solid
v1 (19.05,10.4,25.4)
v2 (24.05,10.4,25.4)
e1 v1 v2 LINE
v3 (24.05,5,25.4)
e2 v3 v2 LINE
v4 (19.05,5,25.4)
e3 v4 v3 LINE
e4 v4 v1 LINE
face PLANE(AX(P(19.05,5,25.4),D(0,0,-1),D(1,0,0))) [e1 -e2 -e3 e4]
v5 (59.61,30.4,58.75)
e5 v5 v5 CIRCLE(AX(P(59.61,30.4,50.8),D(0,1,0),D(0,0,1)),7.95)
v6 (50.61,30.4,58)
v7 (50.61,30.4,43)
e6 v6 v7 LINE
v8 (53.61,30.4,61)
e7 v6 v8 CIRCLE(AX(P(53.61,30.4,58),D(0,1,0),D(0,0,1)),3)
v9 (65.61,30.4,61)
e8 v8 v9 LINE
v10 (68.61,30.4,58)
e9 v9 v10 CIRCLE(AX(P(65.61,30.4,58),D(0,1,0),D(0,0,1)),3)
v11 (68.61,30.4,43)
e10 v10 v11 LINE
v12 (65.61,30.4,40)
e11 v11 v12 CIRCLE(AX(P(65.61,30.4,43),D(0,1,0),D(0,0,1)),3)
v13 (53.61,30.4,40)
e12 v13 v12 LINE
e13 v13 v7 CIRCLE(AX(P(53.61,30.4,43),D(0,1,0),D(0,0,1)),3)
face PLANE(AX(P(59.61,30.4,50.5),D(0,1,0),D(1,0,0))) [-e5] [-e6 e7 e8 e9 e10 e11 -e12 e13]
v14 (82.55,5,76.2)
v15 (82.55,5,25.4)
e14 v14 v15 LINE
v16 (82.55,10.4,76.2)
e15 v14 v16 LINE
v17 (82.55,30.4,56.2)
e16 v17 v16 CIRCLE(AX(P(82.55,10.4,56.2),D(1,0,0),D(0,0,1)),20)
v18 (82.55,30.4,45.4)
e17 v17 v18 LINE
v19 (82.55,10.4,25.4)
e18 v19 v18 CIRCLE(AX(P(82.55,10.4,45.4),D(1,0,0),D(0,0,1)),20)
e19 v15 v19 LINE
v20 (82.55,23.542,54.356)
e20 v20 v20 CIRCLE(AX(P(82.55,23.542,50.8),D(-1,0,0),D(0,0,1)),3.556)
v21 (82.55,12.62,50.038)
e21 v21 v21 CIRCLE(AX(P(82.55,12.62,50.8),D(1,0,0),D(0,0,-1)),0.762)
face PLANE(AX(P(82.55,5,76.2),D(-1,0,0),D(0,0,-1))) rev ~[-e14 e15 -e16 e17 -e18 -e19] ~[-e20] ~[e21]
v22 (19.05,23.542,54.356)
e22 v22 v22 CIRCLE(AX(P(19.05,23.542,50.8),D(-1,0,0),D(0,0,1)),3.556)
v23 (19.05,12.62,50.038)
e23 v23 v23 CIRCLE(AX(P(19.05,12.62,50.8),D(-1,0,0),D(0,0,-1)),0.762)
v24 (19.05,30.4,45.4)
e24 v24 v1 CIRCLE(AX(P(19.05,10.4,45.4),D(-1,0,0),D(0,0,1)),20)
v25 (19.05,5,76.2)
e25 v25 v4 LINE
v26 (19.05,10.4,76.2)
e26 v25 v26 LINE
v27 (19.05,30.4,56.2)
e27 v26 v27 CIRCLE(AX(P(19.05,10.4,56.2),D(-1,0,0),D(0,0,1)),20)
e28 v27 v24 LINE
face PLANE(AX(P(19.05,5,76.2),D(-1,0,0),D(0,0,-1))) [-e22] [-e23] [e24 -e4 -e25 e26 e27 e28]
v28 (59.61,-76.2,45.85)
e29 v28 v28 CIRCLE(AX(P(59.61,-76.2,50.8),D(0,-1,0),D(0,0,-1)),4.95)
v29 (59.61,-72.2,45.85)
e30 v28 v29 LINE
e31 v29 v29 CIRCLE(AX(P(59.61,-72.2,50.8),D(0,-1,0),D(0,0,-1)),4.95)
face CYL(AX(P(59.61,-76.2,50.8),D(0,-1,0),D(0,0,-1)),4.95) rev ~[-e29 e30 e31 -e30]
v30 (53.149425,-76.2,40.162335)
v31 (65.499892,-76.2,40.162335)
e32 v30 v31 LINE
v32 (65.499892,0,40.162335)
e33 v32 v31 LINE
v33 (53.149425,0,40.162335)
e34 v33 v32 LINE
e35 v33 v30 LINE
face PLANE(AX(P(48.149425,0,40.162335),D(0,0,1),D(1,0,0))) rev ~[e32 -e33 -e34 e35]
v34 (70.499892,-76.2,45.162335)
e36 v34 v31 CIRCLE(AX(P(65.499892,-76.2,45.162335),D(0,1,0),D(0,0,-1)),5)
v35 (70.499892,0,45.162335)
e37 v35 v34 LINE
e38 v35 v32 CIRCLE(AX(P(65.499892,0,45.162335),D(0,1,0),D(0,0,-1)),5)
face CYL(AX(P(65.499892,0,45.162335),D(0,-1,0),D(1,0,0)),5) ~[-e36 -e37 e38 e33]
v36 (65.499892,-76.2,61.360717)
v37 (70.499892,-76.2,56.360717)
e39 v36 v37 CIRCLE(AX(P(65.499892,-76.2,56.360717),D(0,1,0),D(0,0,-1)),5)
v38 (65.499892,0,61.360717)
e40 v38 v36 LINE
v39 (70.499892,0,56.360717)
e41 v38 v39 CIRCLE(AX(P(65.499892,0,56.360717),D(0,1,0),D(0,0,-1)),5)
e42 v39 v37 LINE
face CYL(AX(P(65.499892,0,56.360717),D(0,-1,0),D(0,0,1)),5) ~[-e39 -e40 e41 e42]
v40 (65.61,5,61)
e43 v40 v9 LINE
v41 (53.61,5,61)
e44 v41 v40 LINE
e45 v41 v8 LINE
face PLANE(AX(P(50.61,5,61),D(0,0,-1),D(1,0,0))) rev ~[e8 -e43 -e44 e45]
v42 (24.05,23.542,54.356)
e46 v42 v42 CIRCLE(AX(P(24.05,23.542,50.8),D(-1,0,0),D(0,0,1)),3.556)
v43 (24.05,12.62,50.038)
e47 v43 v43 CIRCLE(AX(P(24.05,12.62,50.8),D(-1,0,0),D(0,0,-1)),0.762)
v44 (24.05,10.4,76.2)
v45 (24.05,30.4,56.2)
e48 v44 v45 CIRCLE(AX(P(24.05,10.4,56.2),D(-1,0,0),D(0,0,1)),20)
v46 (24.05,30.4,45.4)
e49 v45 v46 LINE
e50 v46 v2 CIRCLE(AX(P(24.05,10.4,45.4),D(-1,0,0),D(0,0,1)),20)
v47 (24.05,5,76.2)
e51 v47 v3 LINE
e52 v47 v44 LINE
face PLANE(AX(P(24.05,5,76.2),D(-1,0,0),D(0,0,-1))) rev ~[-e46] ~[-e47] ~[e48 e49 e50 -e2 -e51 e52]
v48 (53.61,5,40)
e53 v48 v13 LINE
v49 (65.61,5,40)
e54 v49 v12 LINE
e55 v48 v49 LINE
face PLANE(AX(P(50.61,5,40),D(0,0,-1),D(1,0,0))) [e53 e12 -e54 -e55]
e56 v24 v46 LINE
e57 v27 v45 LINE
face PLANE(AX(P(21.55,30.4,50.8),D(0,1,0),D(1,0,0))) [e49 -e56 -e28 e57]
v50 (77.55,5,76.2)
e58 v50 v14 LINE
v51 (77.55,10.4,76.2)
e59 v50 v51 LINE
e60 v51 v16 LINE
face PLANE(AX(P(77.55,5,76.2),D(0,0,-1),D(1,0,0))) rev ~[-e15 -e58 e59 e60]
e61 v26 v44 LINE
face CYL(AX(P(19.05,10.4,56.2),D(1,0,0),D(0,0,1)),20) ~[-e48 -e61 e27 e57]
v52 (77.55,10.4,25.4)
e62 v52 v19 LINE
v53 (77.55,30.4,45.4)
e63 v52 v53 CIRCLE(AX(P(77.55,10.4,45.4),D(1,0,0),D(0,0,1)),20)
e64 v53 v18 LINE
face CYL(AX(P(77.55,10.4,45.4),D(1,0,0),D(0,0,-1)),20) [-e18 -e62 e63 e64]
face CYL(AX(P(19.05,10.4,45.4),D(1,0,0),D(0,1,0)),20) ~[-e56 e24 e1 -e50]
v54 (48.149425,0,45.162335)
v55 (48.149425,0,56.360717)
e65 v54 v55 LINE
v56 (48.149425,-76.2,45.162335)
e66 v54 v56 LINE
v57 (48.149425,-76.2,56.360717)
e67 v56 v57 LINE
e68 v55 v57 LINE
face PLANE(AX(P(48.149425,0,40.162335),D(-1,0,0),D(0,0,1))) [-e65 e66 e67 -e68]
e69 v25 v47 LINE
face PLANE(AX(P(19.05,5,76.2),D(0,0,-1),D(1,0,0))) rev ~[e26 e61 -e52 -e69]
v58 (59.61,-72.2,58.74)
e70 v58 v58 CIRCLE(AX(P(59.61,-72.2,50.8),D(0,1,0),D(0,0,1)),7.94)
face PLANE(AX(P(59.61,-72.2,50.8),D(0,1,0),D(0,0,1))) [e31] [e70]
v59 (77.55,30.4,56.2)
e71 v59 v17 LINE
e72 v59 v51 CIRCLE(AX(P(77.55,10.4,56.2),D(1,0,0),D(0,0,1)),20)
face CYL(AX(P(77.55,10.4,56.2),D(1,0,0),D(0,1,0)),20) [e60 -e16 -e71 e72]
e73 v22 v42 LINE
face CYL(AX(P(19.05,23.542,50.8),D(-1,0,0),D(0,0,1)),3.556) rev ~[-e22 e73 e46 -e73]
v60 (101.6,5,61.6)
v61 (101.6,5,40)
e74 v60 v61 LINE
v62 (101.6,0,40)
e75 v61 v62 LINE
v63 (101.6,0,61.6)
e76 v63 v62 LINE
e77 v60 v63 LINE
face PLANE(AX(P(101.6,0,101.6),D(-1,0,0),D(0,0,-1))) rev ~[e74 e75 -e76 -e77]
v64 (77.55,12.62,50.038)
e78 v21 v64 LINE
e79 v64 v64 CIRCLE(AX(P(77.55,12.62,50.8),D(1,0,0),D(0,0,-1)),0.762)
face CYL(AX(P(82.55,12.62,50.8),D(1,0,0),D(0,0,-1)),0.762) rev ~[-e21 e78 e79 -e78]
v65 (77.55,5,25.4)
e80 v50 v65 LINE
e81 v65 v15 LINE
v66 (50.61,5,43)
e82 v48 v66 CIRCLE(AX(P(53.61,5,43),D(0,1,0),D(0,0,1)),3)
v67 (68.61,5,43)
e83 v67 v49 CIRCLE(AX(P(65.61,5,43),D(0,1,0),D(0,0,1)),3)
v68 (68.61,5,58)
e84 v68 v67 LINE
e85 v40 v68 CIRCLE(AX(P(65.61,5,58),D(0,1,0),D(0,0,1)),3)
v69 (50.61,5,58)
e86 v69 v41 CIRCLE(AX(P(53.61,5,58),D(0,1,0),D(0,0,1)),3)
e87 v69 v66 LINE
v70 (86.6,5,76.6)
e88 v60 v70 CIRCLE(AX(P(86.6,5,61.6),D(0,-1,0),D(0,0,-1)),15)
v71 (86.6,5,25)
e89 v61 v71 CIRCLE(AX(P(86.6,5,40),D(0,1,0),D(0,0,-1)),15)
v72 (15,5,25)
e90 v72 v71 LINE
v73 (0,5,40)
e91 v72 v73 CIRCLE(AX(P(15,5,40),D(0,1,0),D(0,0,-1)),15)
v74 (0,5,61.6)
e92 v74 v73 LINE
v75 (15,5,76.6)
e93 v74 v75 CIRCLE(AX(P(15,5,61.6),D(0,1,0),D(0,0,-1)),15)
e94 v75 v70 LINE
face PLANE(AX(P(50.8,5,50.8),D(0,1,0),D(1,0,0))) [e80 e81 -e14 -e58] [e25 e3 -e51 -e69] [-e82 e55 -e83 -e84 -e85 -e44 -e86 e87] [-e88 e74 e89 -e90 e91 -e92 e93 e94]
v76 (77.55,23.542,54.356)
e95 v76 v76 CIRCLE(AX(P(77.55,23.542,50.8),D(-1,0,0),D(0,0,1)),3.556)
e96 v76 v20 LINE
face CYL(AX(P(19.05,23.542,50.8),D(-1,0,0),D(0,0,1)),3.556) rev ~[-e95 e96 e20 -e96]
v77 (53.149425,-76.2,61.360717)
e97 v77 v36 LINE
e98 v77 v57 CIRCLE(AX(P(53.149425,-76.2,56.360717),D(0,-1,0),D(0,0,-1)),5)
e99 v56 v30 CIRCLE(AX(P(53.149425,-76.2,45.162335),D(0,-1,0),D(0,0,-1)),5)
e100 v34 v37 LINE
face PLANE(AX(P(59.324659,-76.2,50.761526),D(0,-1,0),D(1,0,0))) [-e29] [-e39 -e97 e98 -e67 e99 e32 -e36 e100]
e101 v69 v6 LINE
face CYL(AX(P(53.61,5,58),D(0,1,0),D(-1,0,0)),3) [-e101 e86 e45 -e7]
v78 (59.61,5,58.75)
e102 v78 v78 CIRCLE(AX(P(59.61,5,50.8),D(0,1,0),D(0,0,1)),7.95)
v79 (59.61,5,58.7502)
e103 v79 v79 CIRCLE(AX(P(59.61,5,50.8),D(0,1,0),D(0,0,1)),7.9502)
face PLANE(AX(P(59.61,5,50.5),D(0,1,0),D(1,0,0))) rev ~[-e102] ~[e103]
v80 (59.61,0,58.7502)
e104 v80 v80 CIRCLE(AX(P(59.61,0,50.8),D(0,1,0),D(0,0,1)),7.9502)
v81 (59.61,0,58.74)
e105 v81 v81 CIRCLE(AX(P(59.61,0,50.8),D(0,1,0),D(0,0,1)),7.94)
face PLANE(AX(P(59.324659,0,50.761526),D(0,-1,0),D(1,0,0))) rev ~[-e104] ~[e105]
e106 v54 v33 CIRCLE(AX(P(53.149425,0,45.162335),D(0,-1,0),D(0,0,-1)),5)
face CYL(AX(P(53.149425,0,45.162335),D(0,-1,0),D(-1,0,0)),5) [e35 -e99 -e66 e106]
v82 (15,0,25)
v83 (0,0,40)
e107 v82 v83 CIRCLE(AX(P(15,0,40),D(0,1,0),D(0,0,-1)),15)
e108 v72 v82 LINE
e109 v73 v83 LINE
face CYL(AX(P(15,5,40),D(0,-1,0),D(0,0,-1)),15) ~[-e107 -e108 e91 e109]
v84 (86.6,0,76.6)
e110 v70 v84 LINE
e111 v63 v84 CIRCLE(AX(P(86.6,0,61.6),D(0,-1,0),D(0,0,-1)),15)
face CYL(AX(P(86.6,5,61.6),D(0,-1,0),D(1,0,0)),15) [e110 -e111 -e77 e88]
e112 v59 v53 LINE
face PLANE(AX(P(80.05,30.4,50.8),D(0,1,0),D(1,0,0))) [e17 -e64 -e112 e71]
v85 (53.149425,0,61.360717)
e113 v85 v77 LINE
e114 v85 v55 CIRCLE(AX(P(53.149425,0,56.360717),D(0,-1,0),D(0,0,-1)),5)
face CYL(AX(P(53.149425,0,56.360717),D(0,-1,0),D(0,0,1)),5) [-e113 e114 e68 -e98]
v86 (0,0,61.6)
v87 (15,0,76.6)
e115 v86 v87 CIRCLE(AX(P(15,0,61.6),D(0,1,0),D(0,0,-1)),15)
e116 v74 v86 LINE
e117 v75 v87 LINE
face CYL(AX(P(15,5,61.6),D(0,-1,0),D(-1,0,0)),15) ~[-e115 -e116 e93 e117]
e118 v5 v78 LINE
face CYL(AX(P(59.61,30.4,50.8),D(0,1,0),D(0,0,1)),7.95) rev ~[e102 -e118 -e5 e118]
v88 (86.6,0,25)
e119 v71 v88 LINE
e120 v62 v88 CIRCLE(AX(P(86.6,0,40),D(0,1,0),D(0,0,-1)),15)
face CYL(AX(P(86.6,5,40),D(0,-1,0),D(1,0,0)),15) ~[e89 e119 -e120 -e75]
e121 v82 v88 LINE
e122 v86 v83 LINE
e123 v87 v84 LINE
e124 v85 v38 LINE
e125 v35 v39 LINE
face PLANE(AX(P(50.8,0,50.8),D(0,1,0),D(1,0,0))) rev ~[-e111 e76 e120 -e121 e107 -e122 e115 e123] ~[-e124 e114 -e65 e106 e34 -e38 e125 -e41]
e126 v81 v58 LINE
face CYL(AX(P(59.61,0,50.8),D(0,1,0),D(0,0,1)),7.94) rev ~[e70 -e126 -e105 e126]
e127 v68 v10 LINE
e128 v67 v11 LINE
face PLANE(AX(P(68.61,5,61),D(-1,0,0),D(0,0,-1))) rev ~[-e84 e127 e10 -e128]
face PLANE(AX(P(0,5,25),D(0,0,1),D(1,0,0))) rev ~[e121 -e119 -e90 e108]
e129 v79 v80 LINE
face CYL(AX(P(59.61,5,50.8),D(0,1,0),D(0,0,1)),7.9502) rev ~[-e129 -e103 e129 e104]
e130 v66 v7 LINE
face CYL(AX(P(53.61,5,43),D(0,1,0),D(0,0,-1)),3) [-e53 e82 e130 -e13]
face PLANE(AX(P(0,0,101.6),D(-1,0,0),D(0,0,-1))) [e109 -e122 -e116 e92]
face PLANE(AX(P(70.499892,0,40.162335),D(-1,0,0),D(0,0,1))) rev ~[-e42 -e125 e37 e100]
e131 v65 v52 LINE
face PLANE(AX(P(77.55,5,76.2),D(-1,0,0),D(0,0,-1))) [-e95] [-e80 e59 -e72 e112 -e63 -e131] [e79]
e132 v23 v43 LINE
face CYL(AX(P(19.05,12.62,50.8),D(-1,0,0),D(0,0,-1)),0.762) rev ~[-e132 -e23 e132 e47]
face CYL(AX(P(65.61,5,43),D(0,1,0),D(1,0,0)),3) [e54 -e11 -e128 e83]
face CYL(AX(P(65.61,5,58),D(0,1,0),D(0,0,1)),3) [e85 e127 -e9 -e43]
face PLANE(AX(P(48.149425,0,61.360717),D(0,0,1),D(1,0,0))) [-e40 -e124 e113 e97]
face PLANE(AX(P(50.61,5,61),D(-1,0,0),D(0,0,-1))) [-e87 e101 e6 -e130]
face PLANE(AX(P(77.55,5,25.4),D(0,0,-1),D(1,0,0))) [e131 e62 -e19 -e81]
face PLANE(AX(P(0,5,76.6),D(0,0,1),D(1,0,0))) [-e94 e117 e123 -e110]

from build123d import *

# Parameters (mm, degrees)
SKETCH2_W           = 101.6
SKETCH2_H           = 101.6
BOSS_EXTRUDE2_DEPTH = 5
SKETCH3_W           = 5
SKETCH3_H           = 50.8
BOSS_EXTRUDE3_DEPTH = 25.4
SKETCH4_W           = 5
SKETCH4_H           = 50.8
BOSS_EXTRUDE4_DEPTH = 25.4
SKETCH8_R           = 3.556
CUT_EXTRUDE1_DEPTH  = 135.392047756
CUT_EXTRUDE2_REACH  = 136.392
SKETCH9_R           = 0.762
SKETCH11_R          = 7.9502
CUT_EXTRUDE3_DEPTH  = 146.911891222
CUT_EXTRUDE5_REACH  = 136.392
SKETCH18_R          = 0.762
SKETCH19_W          = 22.350467385
SKETCH19_H          = 21.198381437
BOSS_EXTRUDE5_DEPTH = 76.2
SKETCH22_R          = 7.94
CUT_EXTRUDE7_DEPTH  = 72.2
SKETCH23_R          = 4.95
CUT_EXTRUDE8_DEPTH  = 179.909697893
SKETCH24_W          = 101.6
SKETCH24_H          = 25
CUT_EXTRUDE9_DEPTH  = 166.041085794
SKETCH25_W          = 101.6
SKETCH25_H          = 25
CUT_EXTRUDE10_DEPTH = 166.041085794
FILLET1_R           = 20
FILLET2_R           = 20
FILLET3_R           = 20
FILLET4_R           = 20
FILLET5_R           = 15
FILLET6_R           = 15
FILLET7_R           = 15
FILLET8_R           = 15
FILLET9_R           = 5
FILLET10_R          = 5
FILLET11_R          = 5
FILLET12_R          = 5
SKETCH35_W          = 18
SKETCH35_H          = 21
BOSS_EXTRUDE7_DEPTH = 25.4
CUT_EXTRUDE12_REACH = 167.993
SKETCH36_R          = 7.95
FILLET18_R          = 3
FILLET19_R          = 3
FILLET20_R          = 3
FILLET21_R          = 3


with BuildPart() as part:
    # Sketch2 → Boss-Extrude2 (new body)
    with BuildSketch(Plane(origin=(0, 0, 0), x_dir=(1, 0, 0), z_dir=(0, 1, 0))):
        with Locations((50.8, -50.8)):
            Rectangle(SKETCH2_W, SKETCH2_H)
    extrude(amount=BOSS_EXTRUDE2_DEPTH)

    # Sketch3 → Boss-Extrude3 (add)
    with BuildSketch(Plane(origin=(0, 5, 0), x_dir=(1, 0, 0), z_dir=(0, 1, 0))):
        with Locations((21.55, -50.8)):
            Rectangle(SKETCH3_W, SKETCH3_H)
    extrude(amount=BOSS_EXTRUDE3_DEPTH)

    # Sketch4 → Boss-Extrude4 (add)
    with BuildSketch(Plane(origin=(0, 5, 0), x_dir=(1, 0, 0), z_dir=(0, 1, 0))):
        with Locations((80.05, -50.8)):
            Rectangle(SKETCH4_W, SKETCH4_H)
    extrude(amount=BOSS_EXTRUDE4_DEPTH)

    # Sketch8 → Cut-Extrude1 (cut, through all)
    with BuildSketch(Plane.ZY.offset(-19.05)):
        with Locations((50.8, 23.542)):
            Circle(SKETCH8_R)
    extrude(amount=-CUT_EXTRUDE1_DEPTH, mode=Mode.SUBTRACT)

    # Sketch9 → Cut-Extrude2 (cut, up to next)
    with BuildSketch(Plane(origin=(82.55, 0, 0), x_dir=(0, 0, -1), z_dir=(1, 0, 0)), mode=Mode.PRIVATE) as cut_extrude2_sk1:
        with Locations((-50.8, 12.62)):
            Circle(SKETCH9_R)
    cut_extrude2_tool1 = extrude(cut_extrude2_sk1.sketch, amount=-CUT_EXTRUDE2_REACH, mode=Mode.PRIVATE) & part.part
    add(cut_extrude2_tool1.solids().sort_by_distance((82.55, 12.62, 50.8))[0], mode=Mode.SUBTRACT)

    # Sketch11 → Cut-Extrude3 (cut, through all)
    with BuildSketch(Plane(origin=(0, 5, 0), x_dir=(1, 0, 0), z_dir=(0, 1, 0))):
        with Locations(Location((59.61, -50.8, 0), (0, 0, 270))):
            Circle(SKETCH11_R)
    extrude(amount=-CUT_EXTRUDE3_DEPTH, mode=Mode.SUBTRACT)

    # Sketch18 → Cut-Extrude5 (cut, up to next)
    with BuildSketch(Plane.ZY.offset(-19.05), mode=Mode.PRIVATE) as cut_extrude5_sk1:
        with Locations(Location((50.8, 12.62, 0), (0, 0, 180))):
            Circle(SKETCH18_R)
    cut_extrude5_tool1 = extrude(cut_extrude5_sk1.sketch, amount=-CUT_EXTRUDE5_REACH, mode=Mode.PRIVATE) & part.part
    add(cut_extrude5_tool1.solids().sort_by_distance((19.05, 12.62, 50.8))[0], mode=Mode.SUBTRACT)

    # Sketch19 → Boss-Extrude5 (add)
    with BuildSketch(Plane.XZ):
        with Locations((59.324658632, 50.761526183)):
            Rectangle(SKETCH19_W, SKETCH19_H)
    extrude(amount=BOSS_EXTRUDE5_DEPTH)

    # Sketch22 → Cut-Extrude7 (cut)
    with BuildSketch(Plane(origin=(0, 0, 0), x_dir=(1, 0, 0), z_dir=(0, 1, 0))):
        with Locations(Location((59.61, -50.8, 0), (0, 0, 270))):
            Circle(SKETCH22_R)
    extrude(amount=-CUT_EXTRUDE7_DEPTH, mode=Mode.SUBTRACT)

    # Sketch23 → Cut-Extrude8 (cut, through all)
    with BuildSketch(Plane.XZ.offset(76.2)):
        with Locations(Location((59.61, 50.8, 0), (0, 0, 270))):
            Circle(SKETCH23_R)
    extrude(amount=-CUT_EXTRUDE8_DEPTH, mode=Mode.SUBTRACT)

    # Sketch24 → Cut-Extrude9 (cut, through all)
    with BuildSketch(Plane(origin=(0, 5, 0), x_dir=(1, 0, 0), z_dir=(0, 1, 0))):
        with Locations((50.8, -12.5)):
            Rectangle(SKETCH24_W, SKETCH24_H)
    extrude(amount=-CUT_EXTRUDE9_DEPTH, mode=Mode.SUBTRACT)

    # Sketch25 → Cut-Extrude10 (cut, through all)
    with BuildSketch(Plane(origin=(0, 5, 0), x_dir=(1, 0, 0), z_dir=(0, 1, 0))):
        with Locations((50.8, -89.1)):
            Rectangle(SKETCH25_W, SKETCH25_H)
    extrude(amount=-CUT_EXTRUDE10_DEPTH, mode=Mode.SUBTRACT)

    # Fillet1
    fillet1_edges = [part.edges().sort_by_distance(p)[0] for p in [
        (21.55, 30.4, 76.2),
    ]]
    fillet(fillet1_edges, radius=FILLET1_R)

    # Fillet2
    fillet2_edges = [part.edges().sort_by_distance(p)[0] for p in [
        (21.55, 30.4, 25.4),
    ]]
    fillet(fillet2_edges, radius=FILLET2_R)

    # Fillet3
    fillet3_edges = [part.edges().sort_by_distance(p)[0] for p in [
        (80.05, 30.4, 25.4),
    ]]
    fillet(fillet3_edges, radius=FILLET3_R)

    # Fillet4
    fillet4_edges = [part.edges().sort_by_distance(p)[0] for p in [
        (80.05, 30.4, 76.2),
    ]]
    fillet(fillet4_edges, radius=FILLET4_R)

    # Fillet5
    fillet5_edges = [part.edges().sort_by_distance(p)[0] for p in [
        (101.6, 2.5, 76.6),
    ]]
    fillet(fillet5_edges, radius=FILLET5_R)

    # Fillet6
    fillet6_edges = [part.edges().sort_by_distance(p)[0] for p in [
        (101.6, 2.5, 25),
    ]]
    fillet(fillet6_edges, radius=FILLET6_R)

    # Fillet7
    fillet7_edges = [part.edges().sort_by_distance(p)[0] for p in [
        (0, 2.5, 25),
    ]]
    fillet(fillet7_edges, radius=FILLET7_R)

    # Fillet8
    fillet8_edges = [part.edges().sort_by_distance(p)[0] for p in [
        (0, 2.5, 76.6),
    ]]
    fillet(fillet8_edges, radius=FILLET8_R)

    # Fillet9
    fillet9_edges = [part.edges().sort_by_distance(p)[0] for p in [
        (70.499892324, -38.1, 61.360716901),
    ]]
    fillet(fillet9_edges, radius=FILLET9_R)

    # Fillet10
    fillet10_edges = [part.edges().sort_by_distance(p)[0] for p in [
        (70.499892324, -38.1, 40.162335464),
    ]]
    fillet(fillet10_edges, radius=FILLET10_R)

    # Fillet11
    fillet11_edges = [part.edges().sort_by_distance(p)[0] for p in [
        (48.149424939, -38.1, 61.360716901),
    ]]
    fillet(fillet11_edges, radius=FILLET11_R)

    # Fillet12
    fillet12_edges = [part.edges().sort_by_distance(p)[0] for p in [
        (48.149424939, -38.1, 40.162335464),
    ]]
    fillet(fillet12_edges, radius=FILLET12_R)

    # Sketch35 → Boss-Extrude7 (add)
    with BuildSketch(Plane(origin=(0, 5, 0), x_dir=(1, 0, 0), z_dir=(0, 1, 0))):
        with Locations((59.61, -50.5)):
            Rectangle(SKETCH35_W, SKETCH35_H)
    extrude(amount=BOSS_EXTRUDE7_DEPTH)

    # Sketch36 → Cut-Extrude12 (cut, up to next)
    with BuildSketch(Plane(origin=(0, 30.4, 0), x_dir=(1, 0, 0), z_dir=(0, 1, 0)), mode=Mode.PRIVATE) as cut_extrude12_sk1:
        with Locations(Location((59.61, -50.8, 0), (0, 0, 270))):
            Circle(SKETCH36_R)
    cut_extrude12_tool1 = extrude(cut_extrude12_sk1.sketch, amount=-CUT_EXTRUDE12_REACH, mode=Mode.PRIVATE) & part.part
    add(cut_extrude12_tool1.solids().sort_by_distance((59.61, 30.4, 50.8))[0], mode=Mode.SUBTRACT)

    # Fillet18
    fillet18_edges = [part.edges().sort_by_distance(p)[0] for p in [
        (50.61, 17.7, 61),
    ]]
    fillet(fillet18_edges, radius=FILLET18_R)

    # Fillet19
    fillet19_edges = [part.edges().sort_by_distance(p)[0] for p in [
        (68.61, 17.7, 61),
    ]]
    fillet(fillet19_edges, radius=FILLET19_R)

    # Fillet20
    fillet20_edges = [part.edges().sort_by_distance(p)[0] for p in [
        (68.61, 17.7, 40),
    ]]
    fillet(fillet20_edges, radius=FILLET20_R)

    # Fillet21
    fillet21_edges = [part.edges().sort_by_distance(p)[0] for p in [
        (50.61, 17.7, 40),
    ]]
    fillet(fillet21_edges, radius=FILLET21_R)


solid = part.part
